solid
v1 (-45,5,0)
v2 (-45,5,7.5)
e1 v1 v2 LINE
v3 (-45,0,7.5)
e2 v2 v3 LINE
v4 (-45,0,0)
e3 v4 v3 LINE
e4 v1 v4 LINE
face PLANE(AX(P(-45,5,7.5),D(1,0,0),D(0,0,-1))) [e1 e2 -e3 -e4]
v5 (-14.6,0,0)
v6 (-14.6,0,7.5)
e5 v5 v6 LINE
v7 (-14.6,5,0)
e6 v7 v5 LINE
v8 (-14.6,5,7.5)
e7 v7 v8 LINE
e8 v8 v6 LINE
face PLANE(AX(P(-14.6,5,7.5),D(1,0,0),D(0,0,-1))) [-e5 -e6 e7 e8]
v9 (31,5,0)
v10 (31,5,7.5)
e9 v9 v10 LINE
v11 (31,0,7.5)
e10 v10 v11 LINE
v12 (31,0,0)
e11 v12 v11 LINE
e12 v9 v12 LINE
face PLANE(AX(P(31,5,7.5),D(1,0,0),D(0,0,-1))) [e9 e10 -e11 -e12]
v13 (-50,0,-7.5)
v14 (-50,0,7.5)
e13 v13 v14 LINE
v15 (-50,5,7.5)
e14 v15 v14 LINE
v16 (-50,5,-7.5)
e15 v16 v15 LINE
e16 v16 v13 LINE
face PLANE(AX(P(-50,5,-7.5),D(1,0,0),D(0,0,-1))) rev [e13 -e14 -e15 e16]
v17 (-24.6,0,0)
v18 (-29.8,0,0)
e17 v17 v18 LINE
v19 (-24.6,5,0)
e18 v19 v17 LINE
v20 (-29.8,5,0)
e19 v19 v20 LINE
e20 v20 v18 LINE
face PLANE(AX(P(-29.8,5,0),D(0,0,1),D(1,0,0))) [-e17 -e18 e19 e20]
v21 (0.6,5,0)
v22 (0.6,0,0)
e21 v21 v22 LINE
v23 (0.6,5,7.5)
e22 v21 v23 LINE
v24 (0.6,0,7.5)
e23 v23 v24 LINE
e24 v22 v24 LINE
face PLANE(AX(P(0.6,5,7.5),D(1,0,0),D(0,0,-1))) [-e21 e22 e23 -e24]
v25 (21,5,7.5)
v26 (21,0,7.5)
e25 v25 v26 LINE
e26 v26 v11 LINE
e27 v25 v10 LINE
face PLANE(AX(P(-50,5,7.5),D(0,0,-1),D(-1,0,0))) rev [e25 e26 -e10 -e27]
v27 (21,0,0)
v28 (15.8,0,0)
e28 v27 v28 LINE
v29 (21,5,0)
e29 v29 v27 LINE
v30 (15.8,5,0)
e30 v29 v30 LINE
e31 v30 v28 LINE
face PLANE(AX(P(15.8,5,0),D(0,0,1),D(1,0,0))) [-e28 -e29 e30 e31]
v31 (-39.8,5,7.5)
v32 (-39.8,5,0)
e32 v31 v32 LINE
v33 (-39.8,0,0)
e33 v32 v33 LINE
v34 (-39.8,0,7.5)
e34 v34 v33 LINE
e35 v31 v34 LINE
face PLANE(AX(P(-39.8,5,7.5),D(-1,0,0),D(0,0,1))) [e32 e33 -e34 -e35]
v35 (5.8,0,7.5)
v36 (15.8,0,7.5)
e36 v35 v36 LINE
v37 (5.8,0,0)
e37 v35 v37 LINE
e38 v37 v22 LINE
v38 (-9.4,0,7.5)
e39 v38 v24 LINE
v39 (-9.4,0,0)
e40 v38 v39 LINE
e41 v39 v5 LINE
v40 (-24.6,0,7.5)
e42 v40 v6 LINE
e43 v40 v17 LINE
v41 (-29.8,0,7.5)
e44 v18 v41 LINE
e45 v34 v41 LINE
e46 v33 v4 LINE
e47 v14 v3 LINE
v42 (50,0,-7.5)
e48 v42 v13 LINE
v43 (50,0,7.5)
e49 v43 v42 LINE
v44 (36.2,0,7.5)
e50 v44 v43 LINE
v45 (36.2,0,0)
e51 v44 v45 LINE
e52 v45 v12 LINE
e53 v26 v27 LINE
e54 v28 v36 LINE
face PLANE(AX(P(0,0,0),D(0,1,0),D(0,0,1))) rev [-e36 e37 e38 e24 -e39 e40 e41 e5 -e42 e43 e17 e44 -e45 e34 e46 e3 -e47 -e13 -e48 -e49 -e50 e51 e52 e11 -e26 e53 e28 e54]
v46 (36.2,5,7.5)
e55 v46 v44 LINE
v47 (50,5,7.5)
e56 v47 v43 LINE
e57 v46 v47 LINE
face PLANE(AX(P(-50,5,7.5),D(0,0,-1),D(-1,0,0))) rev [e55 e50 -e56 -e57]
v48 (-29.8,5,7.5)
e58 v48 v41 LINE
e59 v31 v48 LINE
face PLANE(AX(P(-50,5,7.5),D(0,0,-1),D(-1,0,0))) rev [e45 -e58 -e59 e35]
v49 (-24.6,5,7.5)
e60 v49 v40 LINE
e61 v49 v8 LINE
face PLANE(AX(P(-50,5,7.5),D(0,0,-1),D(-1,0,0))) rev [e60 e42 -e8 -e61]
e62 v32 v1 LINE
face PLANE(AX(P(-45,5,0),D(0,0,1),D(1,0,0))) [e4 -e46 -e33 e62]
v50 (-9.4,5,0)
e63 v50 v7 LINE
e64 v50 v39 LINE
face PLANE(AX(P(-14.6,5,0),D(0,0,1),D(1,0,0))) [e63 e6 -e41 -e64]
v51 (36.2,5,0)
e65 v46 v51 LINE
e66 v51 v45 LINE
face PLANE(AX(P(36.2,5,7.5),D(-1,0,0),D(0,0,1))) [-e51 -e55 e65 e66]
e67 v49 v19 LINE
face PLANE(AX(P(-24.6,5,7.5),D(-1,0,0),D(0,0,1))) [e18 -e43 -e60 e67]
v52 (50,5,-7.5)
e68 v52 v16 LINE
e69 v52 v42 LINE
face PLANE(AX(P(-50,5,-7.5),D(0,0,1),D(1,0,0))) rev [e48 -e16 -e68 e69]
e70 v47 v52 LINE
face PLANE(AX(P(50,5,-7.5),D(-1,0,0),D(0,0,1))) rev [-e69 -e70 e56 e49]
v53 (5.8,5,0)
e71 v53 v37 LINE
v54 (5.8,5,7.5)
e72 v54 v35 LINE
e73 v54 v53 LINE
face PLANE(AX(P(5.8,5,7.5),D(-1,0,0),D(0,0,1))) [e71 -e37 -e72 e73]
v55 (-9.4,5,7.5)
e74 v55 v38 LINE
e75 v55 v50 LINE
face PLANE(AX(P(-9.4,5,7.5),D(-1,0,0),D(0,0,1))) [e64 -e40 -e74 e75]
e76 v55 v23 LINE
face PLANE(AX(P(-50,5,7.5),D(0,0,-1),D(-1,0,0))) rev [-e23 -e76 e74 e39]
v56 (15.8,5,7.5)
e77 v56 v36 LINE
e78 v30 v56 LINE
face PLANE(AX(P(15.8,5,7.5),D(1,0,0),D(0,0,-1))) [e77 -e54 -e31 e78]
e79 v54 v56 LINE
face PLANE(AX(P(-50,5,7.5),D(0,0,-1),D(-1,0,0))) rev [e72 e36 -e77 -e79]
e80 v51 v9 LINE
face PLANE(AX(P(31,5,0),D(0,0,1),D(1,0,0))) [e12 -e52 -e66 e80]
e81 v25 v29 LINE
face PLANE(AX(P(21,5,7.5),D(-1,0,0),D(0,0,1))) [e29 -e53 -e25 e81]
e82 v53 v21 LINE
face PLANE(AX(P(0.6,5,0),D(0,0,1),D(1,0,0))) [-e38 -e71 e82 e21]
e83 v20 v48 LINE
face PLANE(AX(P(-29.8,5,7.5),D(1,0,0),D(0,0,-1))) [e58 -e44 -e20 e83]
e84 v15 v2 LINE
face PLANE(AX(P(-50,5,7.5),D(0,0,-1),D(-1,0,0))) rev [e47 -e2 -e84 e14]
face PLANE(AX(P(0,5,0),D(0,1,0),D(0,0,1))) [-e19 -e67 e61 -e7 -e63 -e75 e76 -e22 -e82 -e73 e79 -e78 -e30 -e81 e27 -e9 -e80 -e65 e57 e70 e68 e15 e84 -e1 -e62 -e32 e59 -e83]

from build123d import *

# Parameters (mm, degrees)
SKETCH1_W           = 100
SKETCH1_H           = 15
BOSS_EXTRUDE1_DEPTH = 5
SKETCH2_W           = 5.2
SKETCH2_H           = 7.5
CUT_EXTRUDE1_DEPTH  = 5


with BuildPart() as part:
    # Sketch1 → Boss-Extrude1 (new body)
    with BuildSketch(Plane(origin=(0, 0, 0), x_dir=(1, 0, 0), z_dir=(0, 1, 0))):
        Rectangle(SKETCH1_W, SKETCH1_H)
    extrude(amount=BOSS_EXTRUDE1_DEPTH)

    # Sketch2 → Cut-Extrude1 (cut)
    with BuildSketch(Plane(origin=(0, 0, 0), x_dir=(1, 0, 0), z_dir=(0, 1, 0))):
        with Locations((-42.4, -3.75)):
            Rectangle(SKETCH2_W, SKETCH2_H)
        with Locations((-27.2, -3.75)):
            Rectangle(SKETCH2_W, SKETCH2_H)
        with Locations((-12, -3.75)):
            Rectangle(SKETCH2_W, SKETCH2_H)
        with Locations((3.2, -3.75)):
            Rectangle(SKETCH2_W, SKETCH2_H)
        with Locations((18.4, -3.75)):
            Rectangle(SKETCH2_W, SKETCH2_H)
        with Locations((33.6, -3.75)):
            Rectangle(SKETCH2_W, SKETCH2_H)
    extrude(amount=CUT_EXTRUDE1_DEPTH, mode=Mode.SUBTRACT)


solid = part.part
